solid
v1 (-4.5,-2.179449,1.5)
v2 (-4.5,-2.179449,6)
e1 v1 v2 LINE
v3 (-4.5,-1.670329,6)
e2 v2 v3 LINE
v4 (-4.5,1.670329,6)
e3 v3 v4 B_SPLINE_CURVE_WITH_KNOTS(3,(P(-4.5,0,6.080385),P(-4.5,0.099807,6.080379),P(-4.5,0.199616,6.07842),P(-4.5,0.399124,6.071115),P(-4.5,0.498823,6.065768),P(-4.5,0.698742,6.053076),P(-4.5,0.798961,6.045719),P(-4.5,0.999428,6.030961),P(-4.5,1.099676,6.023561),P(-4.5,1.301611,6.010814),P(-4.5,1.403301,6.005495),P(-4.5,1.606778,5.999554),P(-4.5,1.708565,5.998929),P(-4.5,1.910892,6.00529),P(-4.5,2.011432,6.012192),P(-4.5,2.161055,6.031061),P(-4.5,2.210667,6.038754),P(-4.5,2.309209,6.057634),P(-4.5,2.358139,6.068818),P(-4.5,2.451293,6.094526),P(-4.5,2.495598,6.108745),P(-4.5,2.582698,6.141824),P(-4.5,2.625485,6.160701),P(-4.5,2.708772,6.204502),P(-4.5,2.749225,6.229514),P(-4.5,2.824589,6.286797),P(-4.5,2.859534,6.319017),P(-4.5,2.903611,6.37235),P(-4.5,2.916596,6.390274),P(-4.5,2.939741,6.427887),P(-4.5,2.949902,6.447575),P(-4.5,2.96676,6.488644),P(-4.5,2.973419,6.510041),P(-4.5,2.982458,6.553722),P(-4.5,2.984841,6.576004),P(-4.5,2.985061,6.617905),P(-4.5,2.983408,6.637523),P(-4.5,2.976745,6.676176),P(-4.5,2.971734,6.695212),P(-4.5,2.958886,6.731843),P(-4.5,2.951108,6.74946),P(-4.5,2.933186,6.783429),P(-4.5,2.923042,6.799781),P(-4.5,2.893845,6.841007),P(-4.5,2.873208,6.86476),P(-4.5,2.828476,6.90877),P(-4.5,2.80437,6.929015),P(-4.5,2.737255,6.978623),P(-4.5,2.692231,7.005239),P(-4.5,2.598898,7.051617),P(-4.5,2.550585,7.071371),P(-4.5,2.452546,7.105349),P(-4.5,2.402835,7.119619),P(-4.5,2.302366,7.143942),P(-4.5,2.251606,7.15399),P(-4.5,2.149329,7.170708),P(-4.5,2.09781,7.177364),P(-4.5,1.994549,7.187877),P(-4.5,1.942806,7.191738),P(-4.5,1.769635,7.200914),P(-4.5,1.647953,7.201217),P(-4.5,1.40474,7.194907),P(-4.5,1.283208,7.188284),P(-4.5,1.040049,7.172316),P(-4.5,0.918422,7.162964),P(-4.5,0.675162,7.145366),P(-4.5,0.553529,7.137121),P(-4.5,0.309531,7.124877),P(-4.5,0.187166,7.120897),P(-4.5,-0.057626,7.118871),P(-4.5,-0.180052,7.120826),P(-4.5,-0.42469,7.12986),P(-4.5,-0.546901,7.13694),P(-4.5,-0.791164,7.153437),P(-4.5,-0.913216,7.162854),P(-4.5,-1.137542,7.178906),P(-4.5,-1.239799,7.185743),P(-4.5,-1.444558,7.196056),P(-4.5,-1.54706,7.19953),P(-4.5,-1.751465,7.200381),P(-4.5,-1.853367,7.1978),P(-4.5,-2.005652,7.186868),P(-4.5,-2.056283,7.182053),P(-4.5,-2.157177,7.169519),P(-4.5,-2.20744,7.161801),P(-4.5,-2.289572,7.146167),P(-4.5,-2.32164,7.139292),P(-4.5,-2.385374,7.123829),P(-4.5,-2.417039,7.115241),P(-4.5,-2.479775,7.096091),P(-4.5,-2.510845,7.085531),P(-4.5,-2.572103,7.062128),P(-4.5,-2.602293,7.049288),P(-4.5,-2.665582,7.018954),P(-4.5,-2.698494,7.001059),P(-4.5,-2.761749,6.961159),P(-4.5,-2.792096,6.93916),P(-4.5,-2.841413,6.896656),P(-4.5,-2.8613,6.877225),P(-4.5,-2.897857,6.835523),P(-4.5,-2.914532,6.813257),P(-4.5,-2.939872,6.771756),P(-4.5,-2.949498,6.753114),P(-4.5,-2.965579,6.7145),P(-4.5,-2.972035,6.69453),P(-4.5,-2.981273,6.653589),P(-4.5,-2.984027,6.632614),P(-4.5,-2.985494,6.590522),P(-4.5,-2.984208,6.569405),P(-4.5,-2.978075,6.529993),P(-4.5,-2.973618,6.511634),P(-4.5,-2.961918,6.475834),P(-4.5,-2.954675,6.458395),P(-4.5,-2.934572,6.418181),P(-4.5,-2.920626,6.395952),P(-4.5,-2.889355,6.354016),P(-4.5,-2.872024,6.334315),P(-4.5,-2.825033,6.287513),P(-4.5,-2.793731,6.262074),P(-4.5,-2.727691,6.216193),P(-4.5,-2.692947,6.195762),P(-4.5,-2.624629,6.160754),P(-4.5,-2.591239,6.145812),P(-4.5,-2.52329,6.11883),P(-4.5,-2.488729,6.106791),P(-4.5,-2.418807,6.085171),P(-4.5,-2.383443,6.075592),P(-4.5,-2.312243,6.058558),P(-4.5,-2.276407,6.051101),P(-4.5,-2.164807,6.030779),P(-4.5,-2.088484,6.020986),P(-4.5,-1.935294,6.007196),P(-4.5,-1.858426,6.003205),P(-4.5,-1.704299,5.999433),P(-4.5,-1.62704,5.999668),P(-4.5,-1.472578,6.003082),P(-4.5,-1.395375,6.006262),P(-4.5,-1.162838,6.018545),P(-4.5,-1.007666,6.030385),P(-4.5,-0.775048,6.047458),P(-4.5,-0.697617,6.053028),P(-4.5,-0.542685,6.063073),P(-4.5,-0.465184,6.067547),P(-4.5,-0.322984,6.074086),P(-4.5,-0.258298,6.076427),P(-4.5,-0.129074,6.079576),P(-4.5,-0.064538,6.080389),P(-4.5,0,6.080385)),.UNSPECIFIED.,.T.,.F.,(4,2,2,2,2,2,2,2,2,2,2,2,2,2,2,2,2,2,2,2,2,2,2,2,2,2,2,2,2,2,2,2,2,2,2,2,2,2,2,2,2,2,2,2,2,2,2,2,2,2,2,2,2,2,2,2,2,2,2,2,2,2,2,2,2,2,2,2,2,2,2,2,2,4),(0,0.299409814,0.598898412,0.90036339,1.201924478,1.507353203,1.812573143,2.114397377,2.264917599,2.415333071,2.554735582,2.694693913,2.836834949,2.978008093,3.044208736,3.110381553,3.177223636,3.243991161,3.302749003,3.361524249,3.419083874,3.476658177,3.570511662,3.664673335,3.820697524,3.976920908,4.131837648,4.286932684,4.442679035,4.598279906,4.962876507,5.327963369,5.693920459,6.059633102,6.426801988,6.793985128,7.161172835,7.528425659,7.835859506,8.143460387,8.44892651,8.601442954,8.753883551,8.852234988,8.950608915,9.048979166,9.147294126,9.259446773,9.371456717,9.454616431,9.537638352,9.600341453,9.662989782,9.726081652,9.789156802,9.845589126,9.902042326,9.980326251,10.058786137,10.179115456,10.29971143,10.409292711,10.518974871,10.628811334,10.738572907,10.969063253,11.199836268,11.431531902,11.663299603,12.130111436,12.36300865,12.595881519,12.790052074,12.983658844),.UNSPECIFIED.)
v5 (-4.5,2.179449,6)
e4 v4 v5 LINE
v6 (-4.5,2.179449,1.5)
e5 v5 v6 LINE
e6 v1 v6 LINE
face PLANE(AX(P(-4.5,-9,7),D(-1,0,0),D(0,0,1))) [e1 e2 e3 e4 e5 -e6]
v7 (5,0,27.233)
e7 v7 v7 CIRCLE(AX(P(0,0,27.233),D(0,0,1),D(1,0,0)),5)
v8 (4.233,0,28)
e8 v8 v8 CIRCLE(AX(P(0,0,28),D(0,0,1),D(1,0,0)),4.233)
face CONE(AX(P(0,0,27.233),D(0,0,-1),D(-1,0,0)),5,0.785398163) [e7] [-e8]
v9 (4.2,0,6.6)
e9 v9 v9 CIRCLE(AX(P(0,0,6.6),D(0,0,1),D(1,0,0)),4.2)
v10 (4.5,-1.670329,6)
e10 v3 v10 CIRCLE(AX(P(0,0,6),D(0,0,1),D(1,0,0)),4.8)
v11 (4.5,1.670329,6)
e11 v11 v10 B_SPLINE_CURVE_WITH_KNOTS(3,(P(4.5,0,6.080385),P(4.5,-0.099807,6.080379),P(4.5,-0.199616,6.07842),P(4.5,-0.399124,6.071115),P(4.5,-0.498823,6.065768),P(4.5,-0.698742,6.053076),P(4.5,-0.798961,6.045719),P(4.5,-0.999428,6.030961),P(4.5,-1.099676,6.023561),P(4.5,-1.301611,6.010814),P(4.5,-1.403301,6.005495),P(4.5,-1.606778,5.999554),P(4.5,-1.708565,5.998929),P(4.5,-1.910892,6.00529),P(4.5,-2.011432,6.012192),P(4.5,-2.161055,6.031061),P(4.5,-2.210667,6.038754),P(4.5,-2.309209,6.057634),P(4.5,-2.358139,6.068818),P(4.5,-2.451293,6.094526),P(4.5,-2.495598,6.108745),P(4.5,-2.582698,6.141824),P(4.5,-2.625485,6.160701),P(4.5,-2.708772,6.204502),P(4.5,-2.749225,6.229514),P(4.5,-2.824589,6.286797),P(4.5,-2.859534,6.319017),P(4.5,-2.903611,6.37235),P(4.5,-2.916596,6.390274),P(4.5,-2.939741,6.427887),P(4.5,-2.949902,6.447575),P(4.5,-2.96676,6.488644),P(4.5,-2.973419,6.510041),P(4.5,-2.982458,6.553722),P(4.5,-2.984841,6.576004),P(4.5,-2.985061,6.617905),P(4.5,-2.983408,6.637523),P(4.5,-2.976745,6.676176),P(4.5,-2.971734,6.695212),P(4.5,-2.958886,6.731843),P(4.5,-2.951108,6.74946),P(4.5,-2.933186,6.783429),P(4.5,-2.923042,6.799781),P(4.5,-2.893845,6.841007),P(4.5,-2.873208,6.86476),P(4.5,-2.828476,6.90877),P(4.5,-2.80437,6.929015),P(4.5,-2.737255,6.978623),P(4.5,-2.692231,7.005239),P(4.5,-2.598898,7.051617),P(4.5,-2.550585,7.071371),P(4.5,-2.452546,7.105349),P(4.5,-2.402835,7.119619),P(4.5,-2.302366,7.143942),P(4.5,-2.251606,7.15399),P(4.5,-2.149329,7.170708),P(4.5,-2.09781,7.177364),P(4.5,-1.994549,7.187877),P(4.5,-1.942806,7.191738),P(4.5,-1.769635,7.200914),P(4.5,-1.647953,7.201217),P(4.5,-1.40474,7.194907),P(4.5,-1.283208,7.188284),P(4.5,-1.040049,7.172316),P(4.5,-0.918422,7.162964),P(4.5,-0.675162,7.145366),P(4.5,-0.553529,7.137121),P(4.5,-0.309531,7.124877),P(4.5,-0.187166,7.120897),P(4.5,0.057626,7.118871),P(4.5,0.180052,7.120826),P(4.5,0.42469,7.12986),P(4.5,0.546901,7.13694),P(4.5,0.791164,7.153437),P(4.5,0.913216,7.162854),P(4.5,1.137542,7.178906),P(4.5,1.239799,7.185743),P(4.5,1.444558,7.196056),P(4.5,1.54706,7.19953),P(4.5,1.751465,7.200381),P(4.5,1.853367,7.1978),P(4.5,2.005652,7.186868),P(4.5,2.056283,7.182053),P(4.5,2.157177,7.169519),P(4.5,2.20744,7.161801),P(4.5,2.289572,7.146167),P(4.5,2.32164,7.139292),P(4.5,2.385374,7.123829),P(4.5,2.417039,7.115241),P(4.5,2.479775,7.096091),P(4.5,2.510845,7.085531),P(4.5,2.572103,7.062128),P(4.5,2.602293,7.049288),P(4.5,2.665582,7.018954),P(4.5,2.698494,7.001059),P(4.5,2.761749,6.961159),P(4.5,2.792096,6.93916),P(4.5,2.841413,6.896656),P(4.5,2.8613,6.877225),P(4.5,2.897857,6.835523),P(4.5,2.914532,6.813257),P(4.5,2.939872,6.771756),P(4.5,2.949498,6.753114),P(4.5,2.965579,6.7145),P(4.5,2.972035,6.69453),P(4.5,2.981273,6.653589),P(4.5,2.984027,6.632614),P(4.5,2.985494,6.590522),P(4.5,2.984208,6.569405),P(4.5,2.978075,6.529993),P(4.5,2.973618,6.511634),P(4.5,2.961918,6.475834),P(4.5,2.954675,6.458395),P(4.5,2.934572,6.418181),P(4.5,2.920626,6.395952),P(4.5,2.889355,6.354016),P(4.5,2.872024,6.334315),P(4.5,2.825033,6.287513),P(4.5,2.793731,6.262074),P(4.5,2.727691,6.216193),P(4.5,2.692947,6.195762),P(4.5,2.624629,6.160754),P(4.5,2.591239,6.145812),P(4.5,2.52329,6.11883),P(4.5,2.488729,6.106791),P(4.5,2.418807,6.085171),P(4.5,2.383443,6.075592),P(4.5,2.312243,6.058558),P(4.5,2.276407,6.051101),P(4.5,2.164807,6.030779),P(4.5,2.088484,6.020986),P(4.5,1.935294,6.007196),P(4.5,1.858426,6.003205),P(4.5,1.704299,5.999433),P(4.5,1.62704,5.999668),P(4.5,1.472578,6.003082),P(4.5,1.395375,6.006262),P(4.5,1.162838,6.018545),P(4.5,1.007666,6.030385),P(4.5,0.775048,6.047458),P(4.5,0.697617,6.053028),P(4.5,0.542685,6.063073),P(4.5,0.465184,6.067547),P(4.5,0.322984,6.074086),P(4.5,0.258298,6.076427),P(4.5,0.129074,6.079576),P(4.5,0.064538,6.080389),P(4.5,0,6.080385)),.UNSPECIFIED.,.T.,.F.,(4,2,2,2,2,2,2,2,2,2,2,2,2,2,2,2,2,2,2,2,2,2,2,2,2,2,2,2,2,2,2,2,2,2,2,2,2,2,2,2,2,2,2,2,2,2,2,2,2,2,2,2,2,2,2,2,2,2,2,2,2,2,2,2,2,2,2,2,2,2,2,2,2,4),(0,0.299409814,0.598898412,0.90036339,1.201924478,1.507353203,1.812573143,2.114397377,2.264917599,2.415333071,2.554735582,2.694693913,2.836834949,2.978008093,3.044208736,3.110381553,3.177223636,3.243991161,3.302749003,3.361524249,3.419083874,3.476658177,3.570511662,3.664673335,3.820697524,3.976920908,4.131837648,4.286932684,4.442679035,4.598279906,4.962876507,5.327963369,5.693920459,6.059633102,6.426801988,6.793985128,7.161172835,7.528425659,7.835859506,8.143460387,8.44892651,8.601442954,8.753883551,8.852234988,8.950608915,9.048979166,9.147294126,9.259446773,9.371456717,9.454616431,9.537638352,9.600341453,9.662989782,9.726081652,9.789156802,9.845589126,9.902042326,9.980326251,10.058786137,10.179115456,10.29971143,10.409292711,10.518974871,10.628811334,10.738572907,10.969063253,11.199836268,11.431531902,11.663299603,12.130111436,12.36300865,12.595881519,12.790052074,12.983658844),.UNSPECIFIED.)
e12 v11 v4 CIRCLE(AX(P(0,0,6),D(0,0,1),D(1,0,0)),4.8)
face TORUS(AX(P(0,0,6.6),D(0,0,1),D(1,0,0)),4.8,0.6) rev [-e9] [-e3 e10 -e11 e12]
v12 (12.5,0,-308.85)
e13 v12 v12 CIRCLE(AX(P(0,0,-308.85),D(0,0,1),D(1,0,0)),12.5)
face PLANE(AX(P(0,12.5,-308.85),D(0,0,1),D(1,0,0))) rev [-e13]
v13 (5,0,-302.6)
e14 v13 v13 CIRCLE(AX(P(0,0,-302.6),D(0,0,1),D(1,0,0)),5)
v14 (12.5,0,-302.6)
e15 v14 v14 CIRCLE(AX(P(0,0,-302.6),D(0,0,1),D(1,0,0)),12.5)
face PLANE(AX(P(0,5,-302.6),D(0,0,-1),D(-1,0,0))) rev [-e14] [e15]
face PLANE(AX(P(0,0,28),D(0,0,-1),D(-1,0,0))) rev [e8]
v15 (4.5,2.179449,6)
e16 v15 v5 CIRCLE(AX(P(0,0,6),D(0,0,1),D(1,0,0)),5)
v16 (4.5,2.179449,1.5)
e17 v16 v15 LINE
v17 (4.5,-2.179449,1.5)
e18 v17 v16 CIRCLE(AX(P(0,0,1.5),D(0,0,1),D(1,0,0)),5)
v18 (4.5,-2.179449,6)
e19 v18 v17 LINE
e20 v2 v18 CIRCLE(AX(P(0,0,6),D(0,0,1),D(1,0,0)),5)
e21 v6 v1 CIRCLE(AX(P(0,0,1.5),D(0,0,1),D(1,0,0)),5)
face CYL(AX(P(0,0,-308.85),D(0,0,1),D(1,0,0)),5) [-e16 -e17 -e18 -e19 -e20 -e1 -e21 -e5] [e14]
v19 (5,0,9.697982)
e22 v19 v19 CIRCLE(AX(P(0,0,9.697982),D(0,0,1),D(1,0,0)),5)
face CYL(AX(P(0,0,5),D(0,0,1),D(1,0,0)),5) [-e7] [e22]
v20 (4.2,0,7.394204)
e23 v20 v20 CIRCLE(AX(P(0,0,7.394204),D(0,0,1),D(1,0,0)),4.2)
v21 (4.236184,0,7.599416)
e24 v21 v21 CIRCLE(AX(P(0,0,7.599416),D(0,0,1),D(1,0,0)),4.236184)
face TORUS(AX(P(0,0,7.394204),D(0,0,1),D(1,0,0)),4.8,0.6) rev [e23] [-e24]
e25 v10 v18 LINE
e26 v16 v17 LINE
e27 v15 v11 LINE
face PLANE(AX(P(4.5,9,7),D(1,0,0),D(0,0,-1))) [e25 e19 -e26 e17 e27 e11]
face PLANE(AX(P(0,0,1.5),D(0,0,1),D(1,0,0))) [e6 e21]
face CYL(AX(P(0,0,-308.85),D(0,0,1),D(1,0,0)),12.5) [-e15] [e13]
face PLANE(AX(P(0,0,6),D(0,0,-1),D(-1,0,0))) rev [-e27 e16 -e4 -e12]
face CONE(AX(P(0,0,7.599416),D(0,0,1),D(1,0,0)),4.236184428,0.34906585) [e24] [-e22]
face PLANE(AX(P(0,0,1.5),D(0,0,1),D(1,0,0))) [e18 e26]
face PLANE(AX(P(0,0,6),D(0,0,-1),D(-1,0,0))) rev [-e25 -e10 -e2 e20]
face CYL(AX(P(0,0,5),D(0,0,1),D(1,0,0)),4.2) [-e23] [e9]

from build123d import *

# Parameters (mm, degrees)
SCHNITT_LINEAR_AUSTRAGEN1_DEPTH = 5.5


with BuildPart() as part:
    # Skizze1 → Rotation1 (revolve)
    with BuildSketch(Plane(origin=(0, 0, 0), x_dir=(0, 0, -1), z_dir=(1, 0, 0))):
        Polygon((-6, 0), (-6, 5), (302.6, 5), (302.6, 12.5), (308.85, 12.5), (308.85, 0), align=None)
    revolve(axis=Axis((0, 0, -308.85), (0, 0, 1)))

    # Skizze2 → Rotation2 (revolve)
    with BuildSketch(Plane(origin=(0, 0, 0), x_dir=(0, 0, -1), z_dir=(1, 0, 0))):
        with BuildLine():
            Line((-28, 0), (-28, 4.233))
            Line((-28, 4.233), (-27.233, 5))
            Line((-27.233, 5), (-9.697981936, 5))
            Line((-9.697981936, 5), (-7.599415898, 4.236184428))
            ThreePointArc((-7.599415898, 4.236184428), (-7.498392718, 4.209115348), (-7.394203812, 4.2))
            Line((-7.394203812, 4.2), (-6.6, 4.2))
            ThreePointArc((-6.6, 4.2), (-6.175735931, 4.375735931), (-6, 4.8))
            Line((-6, 4.8), (-6, 5))
            Line((-6, 5), (-5, 5))
            Line((-5, 5), (-5, 0))
            Line((-5, 0), (-28, 0))
        make_face()
    revolve(axis=Axis((0, 0, 5), (0, 0, 1)))

    # Skizze3 → Schnitt-Linear austragen1 (cut)
    with BuildSketch(Plane.XY.offset(1.5)):
        Polygon((-9, 18), (-9, -9), (-4.5, -9), (-4.5, 9), (4.5, 9), (4.5, -9), (9, -9), (9, 18), align=None)
    extrude(amount=SCHNITT_LINEAR_AUSTRAGEN1_DEPTH, mode=Mode.SUBTRACT)


solid = part.part
